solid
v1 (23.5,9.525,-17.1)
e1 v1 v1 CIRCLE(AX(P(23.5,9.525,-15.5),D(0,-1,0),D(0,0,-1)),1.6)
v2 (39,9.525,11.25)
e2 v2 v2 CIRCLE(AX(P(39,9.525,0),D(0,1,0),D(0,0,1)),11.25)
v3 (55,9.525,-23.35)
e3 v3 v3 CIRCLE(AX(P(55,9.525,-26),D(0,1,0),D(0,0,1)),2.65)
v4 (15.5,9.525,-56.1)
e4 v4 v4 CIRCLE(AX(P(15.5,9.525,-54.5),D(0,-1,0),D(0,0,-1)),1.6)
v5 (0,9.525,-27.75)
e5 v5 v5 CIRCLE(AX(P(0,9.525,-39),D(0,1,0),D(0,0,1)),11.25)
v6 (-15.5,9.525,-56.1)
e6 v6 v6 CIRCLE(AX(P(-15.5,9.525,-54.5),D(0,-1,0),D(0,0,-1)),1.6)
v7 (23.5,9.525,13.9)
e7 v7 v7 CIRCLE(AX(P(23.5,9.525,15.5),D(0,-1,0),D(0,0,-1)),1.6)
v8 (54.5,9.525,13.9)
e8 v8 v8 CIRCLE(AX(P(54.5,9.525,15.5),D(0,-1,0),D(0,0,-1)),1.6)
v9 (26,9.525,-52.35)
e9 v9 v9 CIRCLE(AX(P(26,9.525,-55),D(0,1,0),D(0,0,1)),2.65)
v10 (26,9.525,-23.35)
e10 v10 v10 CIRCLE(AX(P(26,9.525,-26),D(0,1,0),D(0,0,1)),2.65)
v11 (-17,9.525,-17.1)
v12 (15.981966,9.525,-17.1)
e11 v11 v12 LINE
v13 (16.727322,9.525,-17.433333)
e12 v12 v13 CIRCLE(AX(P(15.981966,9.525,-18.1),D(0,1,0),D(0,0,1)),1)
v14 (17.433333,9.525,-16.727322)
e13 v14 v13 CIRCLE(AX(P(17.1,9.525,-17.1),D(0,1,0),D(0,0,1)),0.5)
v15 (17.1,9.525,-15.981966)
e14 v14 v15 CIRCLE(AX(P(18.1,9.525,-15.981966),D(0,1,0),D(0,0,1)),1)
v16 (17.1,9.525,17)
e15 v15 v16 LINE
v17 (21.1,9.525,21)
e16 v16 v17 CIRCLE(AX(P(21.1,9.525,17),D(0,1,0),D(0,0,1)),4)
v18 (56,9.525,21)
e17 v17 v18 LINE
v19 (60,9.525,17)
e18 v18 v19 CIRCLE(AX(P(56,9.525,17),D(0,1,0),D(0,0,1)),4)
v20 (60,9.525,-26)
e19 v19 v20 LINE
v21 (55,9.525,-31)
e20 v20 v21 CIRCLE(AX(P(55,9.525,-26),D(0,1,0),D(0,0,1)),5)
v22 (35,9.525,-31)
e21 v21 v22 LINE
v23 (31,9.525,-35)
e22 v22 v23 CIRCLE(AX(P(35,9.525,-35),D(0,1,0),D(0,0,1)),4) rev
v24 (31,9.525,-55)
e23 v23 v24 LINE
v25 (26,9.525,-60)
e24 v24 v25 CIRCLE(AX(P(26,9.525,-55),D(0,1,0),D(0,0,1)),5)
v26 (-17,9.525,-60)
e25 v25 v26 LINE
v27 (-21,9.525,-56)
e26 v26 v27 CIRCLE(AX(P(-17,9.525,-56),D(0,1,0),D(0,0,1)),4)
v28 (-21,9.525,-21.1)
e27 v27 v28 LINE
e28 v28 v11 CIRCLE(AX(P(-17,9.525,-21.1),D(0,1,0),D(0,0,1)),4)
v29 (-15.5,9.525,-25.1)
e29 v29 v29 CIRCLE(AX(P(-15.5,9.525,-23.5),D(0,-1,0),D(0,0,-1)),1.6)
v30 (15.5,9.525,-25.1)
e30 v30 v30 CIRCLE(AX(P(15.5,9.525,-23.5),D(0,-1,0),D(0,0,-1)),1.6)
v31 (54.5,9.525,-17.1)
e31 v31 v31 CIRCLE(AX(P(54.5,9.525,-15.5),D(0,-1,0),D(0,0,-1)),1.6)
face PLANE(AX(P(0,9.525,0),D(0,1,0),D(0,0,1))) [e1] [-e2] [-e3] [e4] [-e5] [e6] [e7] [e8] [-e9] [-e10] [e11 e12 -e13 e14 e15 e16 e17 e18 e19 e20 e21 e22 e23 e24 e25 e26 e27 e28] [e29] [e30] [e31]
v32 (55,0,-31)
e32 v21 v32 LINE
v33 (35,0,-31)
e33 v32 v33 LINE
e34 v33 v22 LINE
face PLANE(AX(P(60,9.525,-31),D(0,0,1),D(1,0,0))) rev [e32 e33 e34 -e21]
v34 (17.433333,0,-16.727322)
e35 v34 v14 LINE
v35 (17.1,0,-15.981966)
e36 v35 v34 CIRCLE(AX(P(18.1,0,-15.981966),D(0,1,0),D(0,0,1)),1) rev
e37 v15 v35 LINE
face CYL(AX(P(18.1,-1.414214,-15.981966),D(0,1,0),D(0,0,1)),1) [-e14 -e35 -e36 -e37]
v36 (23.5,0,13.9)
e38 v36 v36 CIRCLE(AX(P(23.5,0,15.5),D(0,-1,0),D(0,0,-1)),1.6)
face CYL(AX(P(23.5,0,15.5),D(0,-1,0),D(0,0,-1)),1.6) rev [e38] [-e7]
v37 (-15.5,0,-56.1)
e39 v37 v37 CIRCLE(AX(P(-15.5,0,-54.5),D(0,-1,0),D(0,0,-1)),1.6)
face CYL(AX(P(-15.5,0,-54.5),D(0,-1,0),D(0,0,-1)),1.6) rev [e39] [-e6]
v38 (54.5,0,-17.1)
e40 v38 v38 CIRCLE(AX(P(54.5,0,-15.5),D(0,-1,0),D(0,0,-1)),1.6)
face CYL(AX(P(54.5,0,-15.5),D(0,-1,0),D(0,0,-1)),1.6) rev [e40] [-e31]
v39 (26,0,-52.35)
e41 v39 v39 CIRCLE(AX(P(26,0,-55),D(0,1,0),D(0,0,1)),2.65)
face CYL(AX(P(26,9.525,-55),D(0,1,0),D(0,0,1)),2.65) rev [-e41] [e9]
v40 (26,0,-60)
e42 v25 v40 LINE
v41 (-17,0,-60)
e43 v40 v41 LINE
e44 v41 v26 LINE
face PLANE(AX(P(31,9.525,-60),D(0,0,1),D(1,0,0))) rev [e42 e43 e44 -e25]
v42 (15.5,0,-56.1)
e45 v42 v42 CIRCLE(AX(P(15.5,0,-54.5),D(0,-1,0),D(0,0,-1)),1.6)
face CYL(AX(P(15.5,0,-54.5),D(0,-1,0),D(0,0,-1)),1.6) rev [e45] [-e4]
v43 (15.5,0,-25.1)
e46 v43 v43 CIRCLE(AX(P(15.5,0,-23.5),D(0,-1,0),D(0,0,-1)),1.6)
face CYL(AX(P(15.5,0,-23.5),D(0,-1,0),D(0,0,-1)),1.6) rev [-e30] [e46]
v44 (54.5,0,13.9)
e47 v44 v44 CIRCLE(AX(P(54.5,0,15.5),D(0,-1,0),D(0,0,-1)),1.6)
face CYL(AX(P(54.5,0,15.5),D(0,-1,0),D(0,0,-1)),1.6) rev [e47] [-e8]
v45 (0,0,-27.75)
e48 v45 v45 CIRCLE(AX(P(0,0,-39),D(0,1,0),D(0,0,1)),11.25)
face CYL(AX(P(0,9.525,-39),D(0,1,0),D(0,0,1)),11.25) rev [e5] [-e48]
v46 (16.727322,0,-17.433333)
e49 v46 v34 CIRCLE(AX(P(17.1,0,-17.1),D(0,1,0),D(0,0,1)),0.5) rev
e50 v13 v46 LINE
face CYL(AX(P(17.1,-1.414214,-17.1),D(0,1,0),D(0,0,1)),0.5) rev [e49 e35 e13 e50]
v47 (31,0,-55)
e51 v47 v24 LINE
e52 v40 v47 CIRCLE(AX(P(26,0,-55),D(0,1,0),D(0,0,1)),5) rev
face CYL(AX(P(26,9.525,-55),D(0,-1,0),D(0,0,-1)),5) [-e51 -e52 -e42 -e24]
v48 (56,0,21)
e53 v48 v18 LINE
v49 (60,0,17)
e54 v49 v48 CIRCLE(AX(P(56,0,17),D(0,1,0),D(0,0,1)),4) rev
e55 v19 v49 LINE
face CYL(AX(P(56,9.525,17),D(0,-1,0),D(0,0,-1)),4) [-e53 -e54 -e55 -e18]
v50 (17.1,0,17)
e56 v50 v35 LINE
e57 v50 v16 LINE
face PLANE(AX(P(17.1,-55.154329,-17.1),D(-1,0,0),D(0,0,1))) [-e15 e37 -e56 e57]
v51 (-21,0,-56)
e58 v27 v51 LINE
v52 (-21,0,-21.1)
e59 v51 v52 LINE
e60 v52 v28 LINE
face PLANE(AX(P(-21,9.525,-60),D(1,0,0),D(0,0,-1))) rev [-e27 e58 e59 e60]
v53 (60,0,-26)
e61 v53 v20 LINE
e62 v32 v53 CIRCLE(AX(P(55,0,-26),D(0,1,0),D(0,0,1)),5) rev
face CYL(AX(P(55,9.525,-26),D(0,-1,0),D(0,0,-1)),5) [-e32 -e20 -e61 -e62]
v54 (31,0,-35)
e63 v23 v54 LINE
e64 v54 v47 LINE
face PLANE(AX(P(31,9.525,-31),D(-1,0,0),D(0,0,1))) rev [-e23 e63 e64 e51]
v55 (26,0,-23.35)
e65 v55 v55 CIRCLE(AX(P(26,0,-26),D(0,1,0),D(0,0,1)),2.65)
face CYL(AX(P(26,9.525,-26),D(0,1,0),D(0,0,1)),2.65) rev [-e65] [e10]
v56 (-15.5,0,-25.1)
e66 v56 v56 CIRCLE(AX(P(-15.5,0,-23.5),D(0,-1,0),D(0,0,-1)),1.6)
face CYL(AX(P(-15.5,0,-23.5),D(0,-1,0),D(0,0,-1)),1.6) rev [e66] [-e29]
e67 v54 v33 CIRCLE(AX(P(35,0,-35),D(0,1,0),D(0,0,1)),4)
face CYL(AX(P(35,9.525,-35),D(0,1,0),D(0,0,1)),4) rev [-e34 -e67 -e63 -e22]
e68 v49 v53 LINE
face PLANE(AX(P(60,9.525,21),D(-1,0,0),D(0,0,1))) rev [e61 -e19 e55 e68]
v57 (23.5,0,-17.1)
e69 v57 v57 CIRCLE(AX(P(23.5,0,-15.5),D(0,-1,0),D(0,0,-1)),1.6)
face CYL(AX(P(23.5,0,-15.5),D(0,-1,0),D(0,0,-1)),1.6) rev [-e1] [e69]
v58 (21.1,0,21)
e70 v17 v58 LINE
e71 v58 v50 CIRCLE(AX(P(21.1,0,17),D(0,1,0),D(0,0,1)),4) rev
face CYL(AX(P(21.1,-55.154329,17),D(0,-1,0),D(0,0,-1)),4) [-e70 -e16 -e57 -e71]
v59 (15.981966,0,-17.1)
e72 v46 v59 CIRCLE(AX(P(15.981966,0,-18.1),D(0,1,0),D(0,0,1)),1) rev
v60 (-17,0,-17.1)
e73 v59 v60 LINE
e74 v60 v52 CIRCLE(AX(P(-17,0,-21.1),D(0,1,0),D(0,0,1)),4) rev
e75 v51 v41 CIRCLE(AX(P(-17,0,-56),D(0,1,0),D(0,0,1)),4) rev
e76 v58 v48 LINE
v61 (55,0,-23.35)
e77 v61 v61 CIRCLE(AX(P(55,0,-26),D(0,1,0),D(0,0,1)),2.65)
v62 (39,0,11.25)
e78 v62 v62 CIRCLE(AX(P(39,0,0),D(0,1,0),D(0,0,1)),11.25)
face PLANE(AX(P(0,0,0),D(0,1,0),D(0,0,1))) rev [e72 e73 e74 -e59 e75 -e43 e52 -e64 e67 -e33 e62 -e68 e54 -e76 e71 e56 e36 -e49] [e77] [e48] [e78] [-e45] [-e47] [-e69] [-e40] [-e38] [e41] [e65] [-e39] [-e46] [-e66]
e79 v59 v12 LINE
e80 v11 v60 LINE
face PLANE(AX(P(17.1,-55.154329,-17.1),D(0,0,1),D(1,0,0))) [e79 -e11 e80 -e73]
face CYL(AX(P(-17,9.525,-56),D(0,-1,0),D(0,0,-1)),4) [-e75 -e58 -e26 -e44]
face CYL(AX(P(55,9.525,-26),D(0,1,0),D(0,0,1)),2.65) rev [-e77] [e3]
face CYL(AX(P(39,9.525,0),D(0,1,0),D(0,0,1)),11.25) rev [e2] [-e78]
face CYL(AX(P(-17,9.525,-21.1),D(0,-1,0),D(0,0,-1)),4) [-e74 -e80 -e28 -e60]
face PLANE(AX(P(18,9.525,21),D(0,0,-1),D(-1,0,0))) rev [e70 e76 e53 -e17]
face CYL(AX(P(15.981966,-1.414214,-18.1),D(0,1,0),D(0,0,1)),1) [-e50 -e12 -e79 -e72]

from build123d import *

# Parameters (mm, degrees)
BOSS_EXTRUDE1_DEPTH          = 9.525
F_22_5_22_5_DIAMETER_HOLE1_D = 22.5
M3_CLEARANCE_HOLE1_D         = 3.2
M5_CLEARANCE_HOLE1_D         = 5.3
BOSS_EXTRUDE2_DEPTH          = 9.525
SKETCH17_R                   = 0.5
CUT_EXTRUDE1_DEPTH           = 9.525
FILLET2_R                    = 4
FILLET3_R                    = 5
FILLET4_R                    = 1


with BuildPart() as part:
    # Sketch1 → Boss-Extrude1 (new body)
    with BuildSketch(Plane(origin=(0, 0, 0), x_dir=(1, 0, 0), z_dir=(0, 1, 0))):
        Polygon((60, -21), (60, 31), (31, 31), (31, 60), (-21, 60), (-21, 18), (18, 18), (18, -21), align=None)
    extrude(amount=BOSS_EXTRUDE1_DEPTH)

    # Ø22.5 (22.5) Diameter Hole1 (through all)
    with Locations(Plane(origin=(0, 9.525, 0), x_dir=(1, 0, 0), z_dir=(0, 1, 0))):
        with Locations((0, 39), (39, 0)):
            Hole(F_22_5_22_5_DIAMETER_HOLE1_D / 2)

    # M3 Clearance Hole1 (through all)
    with Locations(Plane(origin=(0, 0, 0), x_dir=(-1, 0, 0), z_dir=(0, -1, 0))):
        with Locations((-54.5, 15.5), (-23.5, 15.5), (-23.5, -15.5), (-54.5, -15.5), (-15.5, 54.5), (-15.5, 23.5), (15.5, 23.5), (15.5, 54.5)):
            Hole(M3_CLEARANCE_HOLE1_D / 2)

    # M5 Clearance Hole1 (through all)
    with Locations(Plane(origin=(0, 9.525, 0), x_dir=(1, 0, 0), z_dir=(0, 1, 0))):
        with Locations((26, 55), (26, 26), (55, 26)):
            Hole(M5_CLEARANCE_HOLE1_D / 2)

    # Sketch16 → Boss-Extrude2 (add)
    with BuildSketch(Plane(origin=(0, 9.525, 0), x_dir=(1, 0, 0), z_dir=(0, 1, 0))):
        Polygon((17.1, 17.1), (-21, 17.1), (-21, 18), (18, 18), (18, -21), (17.1, -21), align=None)
    extrude(amount=-BOSS_EXTRUDE2_DEPTH)

    # Sketch17 → Cut-Extrude1 (cut)
    with BuildSketch(Plane(origin=(0, 9.525, 0), x_dir=(1, 0, 0), z_dir=(0, 1, 0))):
        with Locations((17.1, 17.1)):
            Circle(SKETCH17_R)
    extrude(amount=-CUT_EXTRUDE1_DEPTH, mode=Mode.SUBTRACT)

    # Fillet2
    fillet2_edges = [part.edges().sort_by_distance(p)[0] for p in [
        (17.1, 4.7625, 21),
        (-21, 4.7625, -17.1),
        (-21, 4.7625, -60),
        (31, 4.7625, -31),
        (60, 4.7625, 21),
    ]]
    fillet(fillet2_edges, radius=FILLET2_R)

    # Fillet3
    fillet3_edges = [part.edges().sort_by_distance(p)[0] for p in [
        (31, 4.7625, -60),
        (60, 4.7625, -31),
    ]]
    fillet(fillet3_edges, radius=FILLET3_R)

    # Fillet4
    fillet4_edges = [part.edges().sort_by_distance(p)[0] for p in [
        (16.6, 4.7625, -17.1),
        (17.1, 4.7625, -16.6),
    ]]
    fillet(fillet4_edges, radius=FILLET4_R)


solid = part.part
